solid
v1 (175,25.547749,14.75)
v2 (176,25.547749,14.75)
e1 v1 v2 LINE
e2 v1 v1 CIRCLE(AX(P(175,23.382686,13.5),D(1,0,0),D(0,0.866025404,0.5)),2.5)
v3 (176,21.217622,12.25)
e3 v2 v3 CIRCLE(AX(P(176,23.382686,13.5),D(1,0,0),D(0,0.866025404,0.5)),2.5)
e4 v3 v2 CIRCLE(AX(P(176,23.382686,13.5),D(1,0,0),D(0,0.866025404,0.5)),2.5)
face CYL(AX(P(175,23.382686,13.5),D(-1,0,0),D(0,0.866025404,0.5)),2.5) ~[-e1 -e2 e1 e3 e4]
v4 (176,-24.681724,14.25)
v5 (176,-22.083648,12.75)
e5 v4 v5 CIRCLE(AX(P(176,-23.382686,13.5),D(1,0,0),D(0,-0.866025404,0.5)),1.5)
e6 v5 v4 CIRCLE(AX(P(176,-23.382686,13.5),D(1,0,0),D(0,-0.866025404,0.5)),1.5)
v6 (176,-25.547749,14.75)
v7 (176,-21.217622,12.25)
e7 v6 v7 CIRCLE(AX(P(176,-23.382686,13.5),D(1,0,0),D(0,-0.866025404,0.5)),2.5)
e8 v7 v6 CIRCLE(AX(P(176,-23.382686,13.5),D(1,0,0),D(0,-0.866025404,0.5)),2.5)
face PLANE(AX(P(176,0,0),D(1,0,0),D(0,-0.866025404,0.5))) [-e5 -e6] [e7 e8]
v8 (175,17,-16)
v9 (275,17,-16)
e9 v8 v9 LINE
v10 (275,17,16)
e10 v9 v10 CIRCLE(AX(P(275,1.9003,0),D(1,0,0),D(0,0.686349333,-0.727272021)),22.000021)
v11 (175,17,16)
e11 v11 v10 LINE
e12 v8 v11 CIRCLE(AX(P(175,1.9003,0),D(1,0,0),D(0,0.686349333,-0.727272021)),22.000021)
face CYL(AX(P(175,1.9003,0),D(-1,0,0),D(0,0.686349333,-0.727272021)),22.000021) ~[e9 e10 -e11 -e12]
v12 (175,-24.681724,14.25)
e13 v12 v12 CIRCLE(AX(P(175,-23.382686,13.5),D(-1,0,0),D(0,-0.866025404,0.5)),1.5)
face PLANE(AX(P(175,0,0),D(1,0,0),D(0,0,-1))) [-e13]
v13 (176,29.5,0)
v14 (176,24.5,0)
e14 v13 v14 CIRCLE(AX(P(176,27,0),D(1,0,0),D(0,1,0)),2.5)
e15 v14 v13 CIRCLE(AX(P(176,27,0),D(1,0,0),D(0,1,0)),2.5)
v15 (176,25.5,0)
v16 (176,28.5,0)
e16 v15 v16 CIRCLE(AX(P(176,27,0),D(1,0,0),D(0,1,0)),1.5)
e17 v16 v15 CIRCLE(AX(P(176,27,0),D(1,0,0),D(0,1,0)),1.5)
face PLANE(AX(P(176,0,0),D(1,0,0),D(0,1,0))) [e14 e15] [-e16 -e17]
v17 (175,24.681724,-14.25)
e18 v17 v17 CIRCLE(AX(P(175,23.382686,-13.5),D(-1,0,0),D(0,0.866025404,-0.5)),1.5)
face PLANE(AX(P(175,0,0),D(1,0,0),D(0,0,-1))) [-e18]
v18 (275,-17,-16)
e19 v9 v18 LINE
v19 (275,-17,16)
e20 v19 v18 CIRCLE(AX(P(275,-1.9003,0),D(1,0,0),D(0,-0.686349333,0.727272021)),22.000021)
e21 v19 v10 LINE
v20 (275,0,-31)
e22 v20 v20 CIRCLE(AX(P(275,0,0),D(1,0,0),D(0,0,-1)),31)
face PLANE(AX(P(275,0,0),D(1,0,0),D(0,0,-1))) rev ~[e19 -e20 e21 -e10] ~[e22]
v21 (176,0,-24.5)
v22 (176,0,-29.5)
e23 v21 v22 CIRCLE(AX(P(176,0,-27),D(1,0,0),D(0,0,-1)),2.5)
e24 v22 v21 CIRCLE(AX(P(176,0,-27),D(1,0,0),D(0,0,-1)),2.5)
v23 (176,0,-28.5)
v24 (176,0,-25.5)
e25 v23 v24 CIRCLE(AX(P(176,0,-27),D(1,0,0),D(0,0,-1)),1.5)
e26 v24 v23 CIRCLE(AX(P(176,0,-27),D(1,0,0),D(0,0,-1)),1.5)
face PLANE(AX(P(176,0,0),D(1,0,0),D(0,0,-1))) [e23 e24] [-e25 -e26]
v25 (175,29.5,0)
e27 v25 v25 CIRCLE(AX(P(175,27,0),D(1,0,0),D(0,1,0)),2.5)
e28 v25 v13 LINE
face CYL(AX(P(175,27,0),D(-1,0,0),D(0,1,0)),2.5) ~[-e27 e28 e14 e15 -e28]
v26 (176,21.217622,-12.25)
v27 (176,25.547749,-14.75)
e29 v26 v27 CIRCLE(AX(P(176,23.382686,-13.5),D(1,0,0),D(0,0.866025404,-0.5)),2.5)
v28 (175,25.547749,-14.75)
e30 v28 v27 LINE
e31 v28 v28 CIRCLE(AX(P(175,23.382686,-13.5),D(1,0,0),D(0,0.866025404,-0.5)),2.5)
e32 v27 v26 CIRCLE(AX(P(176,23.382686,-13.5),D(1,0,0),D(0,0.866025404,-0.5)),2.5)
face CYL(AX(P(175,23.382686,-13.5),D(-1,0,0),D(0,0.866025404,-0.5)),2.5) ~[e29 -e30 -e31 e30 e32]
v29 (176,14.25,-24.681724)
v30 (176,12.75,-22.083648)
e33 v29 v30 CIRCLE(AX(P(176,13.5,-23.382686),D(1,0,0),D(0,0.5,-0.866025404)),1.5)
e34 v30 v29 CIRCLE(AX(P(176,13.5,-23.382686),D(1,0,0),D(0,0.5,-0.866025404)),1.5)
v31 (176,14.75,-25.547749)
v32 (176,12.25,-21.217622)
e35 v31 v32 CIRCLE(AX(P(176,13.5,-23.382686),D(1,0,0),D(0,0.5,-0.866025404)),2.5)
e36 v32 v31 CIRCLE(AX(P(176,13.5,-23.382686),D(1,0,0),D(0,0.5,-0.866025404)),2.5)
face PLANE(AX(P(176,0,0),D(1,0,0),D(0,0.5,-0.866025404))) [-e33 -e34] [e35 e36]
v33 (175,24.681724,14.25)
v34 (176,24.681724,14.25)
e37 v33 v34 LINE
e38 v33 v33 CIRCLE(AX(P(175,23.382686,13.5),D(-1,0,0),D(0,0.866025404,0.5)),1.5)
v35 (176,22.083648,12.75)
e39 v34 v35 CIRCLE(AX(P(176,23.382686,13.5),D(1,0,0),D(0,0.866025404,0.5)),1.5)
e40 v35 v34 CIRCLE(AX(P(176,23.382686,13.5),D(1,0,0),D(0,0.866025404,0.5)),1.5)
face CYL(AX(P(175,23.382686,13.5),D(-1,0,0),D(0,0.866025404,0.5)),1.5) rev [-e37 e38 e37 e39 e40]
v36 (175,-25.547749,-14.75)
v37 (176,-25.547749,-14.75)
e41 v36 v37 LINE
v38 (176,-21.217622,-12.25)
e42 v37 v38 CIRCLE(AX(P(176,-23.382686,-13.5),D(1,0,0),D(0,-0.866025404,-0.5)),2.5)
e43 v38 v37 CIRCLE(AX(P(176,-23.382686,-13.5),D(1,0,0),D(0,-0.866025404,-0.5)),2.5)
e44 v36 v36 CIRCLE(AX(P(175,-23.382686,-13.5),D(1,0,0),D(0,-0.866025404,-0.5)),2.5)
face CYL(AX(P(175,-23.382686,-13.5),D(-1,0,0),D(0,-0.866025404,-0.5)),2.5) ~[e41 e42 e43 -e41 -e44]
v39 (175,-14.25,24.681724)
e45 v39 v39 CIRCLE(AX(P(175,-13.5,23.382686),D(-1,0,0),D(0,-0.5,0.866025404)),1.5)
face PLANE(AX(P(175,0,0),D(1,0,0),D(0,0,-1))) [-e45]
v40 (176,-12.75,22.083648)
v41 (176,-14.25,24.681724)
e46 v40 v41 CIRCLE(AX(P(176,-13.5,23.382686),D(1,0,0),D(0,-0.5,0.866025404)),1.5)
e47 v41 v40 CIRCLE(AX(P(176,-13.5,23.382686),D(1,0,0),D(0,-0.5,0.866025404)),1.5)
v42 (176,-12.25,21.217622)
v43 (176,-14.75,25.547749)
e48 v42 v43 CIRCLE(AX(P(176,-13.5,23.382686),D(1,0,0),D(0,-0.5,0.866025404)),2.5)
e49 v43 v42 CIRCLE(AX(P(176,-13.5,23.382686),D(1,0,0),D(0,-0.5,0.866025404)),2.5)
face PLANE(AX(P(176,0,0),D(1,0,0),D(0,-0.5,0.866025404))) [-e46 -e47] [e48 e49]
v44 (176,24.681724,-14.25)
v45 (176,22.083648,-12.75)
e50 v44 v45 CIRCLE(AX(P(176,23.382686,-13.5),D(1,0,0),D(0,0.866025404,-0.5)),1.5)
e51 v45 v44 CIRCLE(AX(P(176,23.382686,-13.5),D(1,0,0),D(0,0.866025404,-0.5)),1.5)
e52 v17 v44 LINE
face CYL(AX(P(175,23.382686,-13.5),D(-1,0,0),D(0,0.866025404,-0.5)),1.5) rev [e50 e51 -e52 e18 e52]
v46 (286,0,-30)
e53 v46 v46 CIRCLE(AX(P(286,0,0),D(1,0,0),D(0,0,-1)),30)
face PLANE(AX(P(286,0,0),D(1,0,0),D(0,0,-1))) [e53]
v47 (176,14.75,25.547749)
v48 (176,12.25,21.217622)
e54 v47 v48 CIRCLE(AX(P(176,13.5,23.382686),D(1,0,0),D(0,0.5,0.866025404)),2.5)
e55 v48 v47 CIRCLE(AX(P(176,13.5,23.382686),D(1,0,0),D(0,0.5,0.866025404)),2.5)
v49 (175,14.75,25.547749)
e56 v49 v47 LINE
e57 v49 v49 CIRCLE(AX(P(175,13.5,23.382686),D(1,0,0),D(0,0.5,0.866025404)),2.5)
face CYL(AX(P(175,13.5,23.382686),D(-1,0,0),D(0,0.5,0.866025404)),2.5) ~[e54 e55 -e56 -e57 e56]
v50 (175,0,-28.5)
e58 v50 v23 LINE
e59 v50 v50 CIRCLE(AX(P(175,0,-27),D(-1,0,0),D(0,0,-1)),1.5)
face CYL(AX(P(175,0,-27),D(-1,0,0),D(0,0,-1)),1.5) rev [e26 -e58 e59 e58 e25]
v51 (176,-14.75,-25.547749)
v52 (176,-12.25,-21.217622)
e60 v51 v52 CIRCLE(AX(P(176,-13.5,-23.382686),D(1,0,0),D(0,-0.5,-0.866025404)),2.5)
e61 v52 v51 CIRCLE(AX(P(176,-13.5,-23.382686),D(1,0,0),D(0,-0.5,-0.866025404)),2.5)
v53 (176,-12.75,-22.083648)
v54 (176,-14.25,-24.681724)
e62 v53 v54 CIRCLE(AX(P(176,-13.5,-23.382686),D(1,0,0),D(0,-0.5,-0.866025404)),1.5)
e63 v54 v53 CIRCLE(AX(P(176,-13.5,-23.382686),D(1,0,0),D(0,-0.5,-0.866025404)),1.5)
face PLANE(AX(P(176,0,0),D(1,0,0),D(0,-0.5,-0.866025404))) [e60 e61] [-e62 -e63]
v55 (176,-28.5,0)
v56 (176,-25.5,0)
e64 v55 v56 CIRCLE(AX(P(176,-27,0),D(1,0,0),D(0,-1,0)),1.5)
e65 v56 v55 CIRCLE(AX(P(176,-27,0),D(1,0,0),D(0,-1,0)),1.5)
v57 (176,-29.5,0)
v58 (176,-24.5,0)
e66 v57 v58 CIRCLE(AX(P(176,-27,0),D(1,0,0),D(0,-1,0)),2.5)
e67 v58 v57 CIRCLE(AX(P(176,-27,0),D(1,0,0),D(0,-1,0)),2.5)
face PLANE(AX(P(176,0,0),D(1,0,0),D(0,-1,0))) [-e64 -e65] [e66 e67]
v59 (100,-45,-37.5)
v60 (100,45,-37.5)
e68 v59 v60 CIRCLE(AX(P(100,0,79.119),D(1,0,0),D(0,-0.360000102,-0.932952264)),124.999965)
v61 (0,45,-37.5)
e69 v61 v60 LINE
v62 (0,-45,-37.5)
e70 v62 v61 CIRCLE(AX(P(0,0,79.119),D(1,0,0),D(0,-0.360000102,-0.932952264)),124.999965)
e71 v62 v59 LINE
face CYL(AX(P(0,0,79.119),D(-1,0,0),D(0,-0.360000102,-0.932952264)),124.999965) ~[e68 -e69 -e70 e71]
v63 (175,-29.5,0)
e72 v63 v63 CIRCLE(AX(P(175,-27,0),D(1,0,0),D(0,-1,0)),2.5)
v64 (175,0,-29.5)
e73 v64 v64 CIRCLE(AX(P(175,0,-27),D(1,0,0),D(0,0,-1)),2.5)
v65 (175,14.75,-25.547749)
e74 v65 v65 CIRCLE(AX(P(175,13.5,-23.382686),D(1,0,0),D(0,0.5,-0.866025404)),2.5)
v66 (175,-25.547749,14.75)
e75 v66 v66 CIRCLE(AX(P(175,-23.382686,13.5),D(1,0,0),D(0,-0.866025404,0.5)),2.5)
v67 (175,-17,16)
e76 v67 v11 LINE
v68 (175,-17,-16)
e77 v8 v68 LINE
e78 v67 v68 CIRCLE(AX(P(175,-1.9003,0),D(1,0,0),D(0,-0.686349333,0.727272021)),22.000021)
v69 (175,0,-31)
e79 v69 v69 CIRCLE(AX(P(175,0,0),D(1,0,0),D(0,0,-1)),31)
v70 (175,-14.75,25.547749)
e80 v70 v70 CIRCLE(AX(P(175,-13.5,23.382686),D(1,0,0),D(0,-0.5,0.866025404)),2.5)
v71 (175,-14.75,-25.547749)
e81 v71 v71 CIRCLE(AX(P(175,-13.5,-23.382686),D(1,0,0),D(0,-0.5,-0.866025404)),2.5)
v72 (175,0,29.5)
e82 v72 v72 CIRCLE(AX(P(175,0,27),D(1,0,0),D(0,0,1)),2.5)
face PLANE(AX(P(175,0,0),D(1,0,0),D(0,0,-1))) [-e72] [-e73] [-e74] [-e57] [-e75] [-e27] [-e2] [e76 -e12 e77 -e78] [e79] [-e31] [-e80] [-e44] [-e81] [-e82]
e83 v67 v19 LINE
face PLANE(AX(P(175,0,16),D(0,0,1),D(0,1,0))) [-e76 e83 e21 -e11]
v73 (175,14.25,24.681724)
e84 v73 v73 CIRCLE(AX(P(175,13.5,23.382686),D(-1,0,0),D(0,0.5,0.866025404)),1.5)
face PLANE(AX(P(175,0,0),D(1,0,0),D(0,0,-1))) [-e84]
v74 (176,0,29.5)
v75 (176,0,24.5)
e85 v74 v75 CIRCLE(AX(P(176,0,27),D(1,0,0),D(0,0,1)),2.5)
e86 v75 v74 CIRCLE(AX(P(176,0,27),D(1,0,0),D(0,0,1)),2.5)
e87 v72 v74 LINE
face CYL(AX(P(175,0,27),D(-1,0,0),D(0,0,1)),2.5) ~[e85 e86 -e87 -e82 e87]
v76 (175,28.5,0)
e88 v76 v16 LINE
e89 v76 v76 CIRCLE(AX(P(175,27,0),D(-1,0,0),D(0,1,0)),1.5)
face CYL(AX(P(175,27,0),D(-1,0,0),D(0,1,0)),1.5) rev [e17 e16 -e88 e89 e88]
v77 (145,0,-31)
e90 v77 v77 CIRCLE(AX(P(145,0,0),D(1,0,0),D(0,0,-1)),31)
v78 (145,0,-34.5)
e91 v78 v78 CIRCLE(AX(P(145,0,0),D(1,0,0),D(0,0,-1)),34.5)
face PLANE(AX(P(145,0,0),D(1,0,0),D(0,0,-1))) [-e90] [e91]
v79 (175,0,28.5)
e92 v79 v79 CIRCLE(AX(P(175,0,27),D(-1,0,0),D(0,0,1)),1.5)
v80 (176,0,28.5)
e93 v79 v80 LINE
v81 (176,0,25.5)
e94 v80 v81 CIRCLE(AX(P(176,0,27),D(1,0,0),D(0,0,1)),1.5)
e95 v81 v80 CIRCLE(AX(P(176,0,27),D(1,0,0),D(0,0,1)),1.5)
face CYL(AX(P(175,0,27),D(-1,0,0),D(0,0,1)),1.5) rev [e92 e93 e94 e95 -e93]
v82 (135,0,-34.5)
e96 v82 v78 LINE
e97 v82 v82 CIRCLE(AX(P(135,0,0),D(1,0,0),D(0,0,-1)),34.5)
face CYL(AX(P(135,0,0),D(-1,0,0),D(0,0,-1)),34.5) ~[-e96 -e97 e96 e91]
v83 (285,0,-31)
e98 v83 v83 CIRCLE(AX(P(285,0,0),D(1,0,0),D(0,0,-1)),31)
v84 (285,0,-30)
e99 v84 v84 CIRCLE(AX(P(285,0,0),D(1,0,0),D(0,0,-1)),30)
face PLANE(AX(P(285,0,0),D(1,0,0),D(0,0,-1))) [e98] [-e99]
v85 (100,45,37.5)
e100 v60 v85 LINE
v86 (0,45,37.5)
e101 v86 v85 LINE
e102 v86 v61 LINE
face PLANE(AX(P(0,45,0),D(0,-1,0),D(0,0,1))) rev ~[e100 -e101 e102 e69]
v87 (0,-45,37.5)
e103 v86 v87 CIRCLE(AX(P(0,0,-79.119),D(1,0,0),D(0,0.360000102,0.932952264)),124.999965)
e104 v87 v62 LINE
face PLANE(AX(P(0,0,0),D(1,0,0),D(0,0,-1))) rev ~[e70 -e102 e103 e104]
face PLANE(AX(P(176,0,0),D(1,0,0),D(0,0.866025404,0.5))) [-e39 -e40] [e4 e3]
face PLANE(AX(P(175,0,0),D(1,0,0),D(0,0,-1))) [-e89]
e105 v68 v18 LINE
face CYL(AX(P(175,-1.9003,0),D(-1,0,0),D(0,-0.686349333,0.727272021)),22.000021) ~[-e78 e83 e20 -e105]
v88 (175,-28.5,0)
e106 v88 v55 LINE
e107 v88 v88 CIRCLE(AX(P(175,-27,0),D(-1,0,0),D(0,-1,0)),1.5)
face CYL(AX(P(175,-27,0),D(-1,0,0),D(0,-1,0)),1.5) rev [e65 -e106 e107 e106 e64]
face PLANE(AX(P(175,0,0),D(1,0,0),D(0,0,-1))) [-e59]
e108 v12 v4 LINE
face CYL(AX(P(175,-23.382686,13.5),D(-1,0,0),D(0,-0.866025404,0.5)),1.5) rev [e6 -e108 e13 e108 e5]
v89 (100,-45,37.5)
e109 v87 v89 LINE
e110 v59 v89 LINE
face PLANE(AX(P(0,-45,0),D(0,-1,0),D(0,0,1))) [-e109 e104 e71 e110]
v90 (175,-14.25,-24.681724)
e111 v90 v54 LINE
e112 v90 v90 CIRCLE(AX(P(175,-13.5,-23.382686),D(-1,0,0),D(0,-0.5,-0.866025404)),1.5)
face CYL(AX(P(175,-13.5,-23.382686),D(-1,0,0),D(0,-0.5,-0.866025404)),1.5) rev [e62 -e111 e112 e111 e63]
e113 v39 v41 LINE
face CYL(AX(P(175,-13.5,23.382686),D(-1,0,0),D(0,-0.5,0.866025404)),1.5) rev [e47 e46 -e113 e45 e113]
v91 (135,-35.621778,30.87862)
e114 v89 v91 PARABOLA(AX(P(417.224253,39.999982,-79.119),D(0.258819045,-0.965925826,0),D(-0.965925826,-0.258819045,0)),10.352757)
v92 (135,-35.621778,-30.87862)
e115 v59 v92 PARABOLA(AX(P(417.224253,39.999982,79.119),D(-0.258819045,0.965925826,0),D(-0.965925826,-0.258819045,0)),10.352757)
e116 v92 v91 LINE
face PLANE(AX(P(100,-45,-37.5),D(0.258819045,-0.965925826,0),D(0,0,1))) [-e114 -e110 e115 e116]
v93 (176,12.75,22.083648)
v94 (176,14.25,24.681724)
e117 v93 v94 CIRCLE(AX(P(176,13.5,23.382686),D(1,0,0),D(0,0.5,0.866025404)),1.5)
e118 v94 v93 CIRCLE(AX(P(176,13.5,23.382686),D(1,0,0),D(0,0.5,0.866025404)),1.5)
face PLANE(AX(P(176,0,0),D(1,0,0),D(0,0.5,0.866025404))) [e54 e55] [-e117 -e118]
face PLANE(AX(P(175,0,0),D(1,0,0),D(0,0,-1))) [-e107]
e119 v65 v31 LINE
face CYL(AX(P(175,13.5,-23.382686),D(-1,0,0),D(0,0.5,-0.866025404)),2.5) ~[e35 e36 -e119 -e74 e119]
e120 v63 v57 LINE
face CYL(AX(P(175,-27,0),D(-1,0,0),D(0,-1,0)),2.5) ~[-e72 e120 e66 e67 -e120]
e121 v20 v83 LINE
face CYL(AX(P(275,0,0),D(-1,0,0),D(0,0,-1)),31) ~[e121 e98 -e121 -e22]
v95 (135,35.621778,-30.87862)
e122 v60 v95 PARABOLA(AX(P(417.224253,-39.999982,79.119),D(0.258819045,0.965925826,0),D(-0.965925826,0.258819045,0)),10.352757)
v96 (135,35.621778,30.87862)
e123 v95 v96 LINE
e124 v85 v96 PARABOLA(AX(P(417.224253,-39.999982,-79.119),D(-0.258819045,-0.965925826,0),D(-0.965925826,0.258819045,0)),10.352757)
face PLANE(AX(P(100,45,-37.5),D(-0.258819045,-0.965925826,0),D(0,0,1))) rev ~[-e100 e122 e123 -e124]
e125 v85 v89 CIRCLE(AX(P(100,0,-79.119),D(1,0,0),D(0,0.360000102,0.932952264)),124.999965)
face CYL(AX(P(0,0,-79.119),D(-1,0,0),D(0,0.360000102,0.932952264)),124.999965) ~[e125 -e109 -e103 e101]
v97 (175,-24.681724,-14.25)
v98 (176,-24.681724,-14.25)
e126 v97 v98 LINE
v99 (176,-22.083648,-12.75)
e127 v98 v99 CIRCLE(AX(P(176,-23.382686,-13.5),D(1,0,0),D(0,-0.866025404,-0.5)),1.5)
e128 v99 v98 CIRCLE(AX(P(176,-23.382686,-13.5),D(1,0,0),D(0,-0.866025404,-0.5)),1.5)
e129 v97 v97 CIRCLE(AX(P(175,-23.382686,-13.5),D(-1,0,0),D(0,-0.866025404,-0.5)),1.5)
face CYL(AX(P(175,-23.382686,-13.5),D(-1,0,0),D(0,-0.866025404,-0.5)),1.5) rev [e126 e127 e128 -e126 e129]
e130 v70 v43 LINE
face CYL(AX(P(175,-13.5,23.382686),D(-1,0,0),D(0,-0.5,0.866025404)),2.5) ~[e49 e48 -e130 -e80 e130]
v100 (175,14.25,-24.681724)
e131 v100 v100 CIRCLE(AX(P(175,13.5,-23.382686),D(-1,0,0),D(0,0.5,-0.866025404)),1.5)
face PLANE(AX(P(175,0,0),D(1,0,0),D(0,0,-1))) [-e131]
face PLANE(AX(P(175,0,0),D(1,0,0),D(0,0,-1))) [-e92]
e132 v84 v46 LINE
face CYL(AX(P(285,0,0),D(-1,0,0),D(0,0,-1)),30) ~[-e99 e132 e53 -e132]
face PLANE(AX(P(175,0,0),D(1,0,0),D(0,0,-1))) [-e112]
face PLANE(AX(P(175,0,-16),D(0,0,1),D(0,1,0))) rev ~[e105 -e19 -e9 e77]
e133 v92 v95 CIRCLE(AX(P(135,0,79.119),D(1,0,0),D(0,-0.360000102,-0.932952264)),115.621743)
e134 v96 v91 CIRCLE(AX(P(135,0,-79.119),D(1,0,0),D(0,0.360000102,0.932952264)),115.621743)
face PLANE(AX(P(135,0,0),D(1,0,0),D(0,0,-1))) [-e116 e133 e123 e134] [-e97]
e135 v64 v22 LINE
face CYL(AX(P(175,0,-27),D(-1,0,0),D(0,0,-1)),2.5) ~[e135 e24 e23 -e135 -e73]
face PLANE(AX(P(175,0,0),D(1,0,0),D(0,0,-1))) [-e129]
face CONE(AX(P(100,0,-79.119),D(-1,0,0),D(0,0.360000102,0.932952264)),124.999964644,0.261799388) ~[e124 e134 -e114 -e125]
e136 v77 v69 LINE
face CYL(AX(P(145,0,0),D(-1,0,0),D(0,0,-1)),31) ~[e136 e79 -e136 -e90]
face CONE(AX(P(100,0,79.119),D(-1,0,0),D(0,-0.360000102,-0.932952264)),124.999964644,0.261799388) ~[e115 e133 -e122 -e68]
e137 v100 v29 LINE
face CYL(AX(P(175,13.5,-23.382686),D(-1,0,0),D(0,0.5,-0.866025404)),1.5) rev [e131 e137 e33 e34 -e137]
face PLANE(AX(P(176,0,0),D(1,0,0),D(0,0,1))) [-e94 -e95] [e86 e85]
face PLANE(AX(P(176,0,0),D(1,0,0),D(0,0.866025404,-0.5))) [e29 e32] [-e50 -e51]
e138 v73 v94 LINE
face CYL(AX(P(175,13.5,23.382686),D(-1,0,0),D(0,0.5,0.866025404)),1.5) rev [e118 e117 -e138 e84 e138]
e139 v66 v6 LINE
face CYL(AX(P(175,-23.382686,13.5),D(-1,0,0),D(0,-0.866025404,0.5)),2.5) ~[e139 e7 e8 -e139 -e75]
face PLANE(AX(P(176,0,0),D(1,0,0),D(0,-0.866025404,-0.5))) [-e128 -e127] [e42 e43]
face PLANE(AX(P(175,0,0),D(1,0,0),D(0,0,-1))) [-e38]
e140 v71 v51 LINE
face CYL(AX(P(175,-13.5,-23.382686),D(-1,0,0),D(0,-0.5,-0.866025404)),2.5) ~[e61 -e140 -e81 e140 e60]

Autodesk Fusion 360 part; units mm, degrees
sketch "Sketch1" plane through (0, 0, 0) normal (1, 0, 0) x (0, 0, -1)
  line L0 (0, 0) -> (0, 45)
  line L1 (0, 0) -> (0, -45)
  line L2 (0, 45) -> (37.5, 45)
  line L3 (0, 45) -> (-37.5, 45)
  line L4 (0, -45) -> (37.5, -45)
  line L5 (0, -45) -> (-37.5, -45)
  arc A0 (-37.5, 45) -> (-37.5, -45) centre (79.119, 0) ccw
  arc A1 (37.5, -45) -> (37.5, 45) centre (-79.119, 0) ccw
  dimension "d1" = 45
  dimension "d2" = 45
  dimension "d3" = 37.5
  dimension "d4" = 37.5
  dimension "d5" = 37.5
  dimension "d6" = 37.5
  dimension "d8" = 125
extrude "Extrude1" add sketch "Sketch1" along normal blind 100
extrude "Extrude2" add 1 faces at (100, -15.2642, -14.2806) along direction (1, 0, 0) blind 35 draft -15
sketch "Sketch2" plane through (135, 0, 0) normal (1, 0, 0) x (0, 0, -1)
  line L0 (-30.8786, -35.6218) -> (30.8786, -35.6218)
  arc A0 (30.8786, -35.6218) -> (30.8786, 35.6218) centre (-79.119, 0) ccw
  line L1 (30.8786, 35.6218) -> (-30.8786, 35.6218)
  arc A1 (-30.8786, 35.6218) -> (-30.8786, -35.6218) centre (79.119, 0) ccw
  circle A2 centre (0, 0) radius 34.5
  dimension "d13" = 69
extrude "Extrude3" add sketch "Sketch2" along normal blind 10 contours A2
sketch "Sketch3" plane through (145, 0, 0) normal (1, 0, 0) x (0, 0, -1)
  circle A0 centre (0, 0) radius 34.5
  circle A1 centre (0, 0) radius 31
  dimension "d16" = 62
extrude "Extrude4" add sketch "Sketch3" along normal blind 30 contours A1
sketch "Sketch4" plane through (175, 0, 0) normal (1, 0, 0) x (0, 0, -1)
  circle A0 centre (0, 0) radius 31
  line L0 (0, 0) -> (27, 0)
  circle A1 centre (27, 0) radius 2.5
  circle A2 centre (27, 0) radius 1.5
  dimension "d19" = 27
  dimension "d20" = 5
  dimension "d21" = -1
extrude "Extrude5" add sketch "Sketch4" along normal blind 1 contours A1
pattern_circular "C-Pattern1" count 12 over 360 about axis through (175, 0, 0) along (1, 0, 0) of "Extrude5"
sketch "Sketch5" plane through (175, 0, 0) normal (1, 0, 0) x (0, 0, -1)
  circle A0 centre (27, 0) radius 2.5
  circle A1 centre (0, 0) radius 31
  circle A2 centre (23.3827, 13.5) radius 2.5
  circle A3 centre (13.5, 23.3827) radius 2.5
  circle A4 centre (0, 27) radius 2.5
  circle A5 centre (-13.5, 23.3827) radius 2.5
  circle A6 centre (-23.3827, 13.5) radius 2.5
  circle A7 centre (-27, 0) radius 2.5
  circle A8 centre (-23.3827, -13.5) radius 2.5
  circle A9 centre (-13.5, -23.3827) radius 2.5
  circle A10 centre (0, -27) radius 2.5
  circle A11 centre (13.5, -23.3827) radius 2.5
  circle A12 centre (23.3827, -13.5) radius 2.5
  line L0 (0, 0) -> (16, 0)
  line L1 (16, 0) -> (16, 17)
  line L2 (16, 0) -> (16, -17)
  line L3 (0, 0) -> (0, -8.0593)
  line L4 (-16, 0) -> (-16, 17)
  line L5 (-16, 0) -> (-16, -17)
  arc A13 (16, 17) -> (-16, 17) centre (0, 1.9003) ccw
  arc A14 (-16, -17) -> (16, -17) centre (0, -1.9003) ccw
  dimension "d26" = 16
  dimension "d27" = 17
  dimension "d28" = 17
  dimension "d29" = 22
extrude "Extrude6" add sketch "Sketch5" along normal blind 100 contours L1 L2 L4 L5 A13 A14
sketch "Sketch6" plane through (275, 0, 0) normal (1, 0, 0) x (0, 0, -1)
  line L0 (-16, 17) -> (-16, -17)
  arc A0 (-16, -17) -> (16, -17) centre (0, -1.9003) ccw
  line L1 (16, -17) -> (16, 17)
  arc A1 (16, 17) -> (-16, 17) centre (0, 1.9003) ccw
  circle A2 centre (0, 0) radius 31
  circle A3 centre (0, 0) radius 30
  dimension "d32" = 62
  dimension "d35" = -1
extrude "Extrude7" add sketch "Sketch6" along normal blind 10 contours L0 A0 L1 A1 | A2 | A3
sketch "Sketch7" plane through (285, 0, 0) normal (1, 0, 0) x (0, 0, -1)
  circle A0 centre (0, 0) radius 31
  circle A1 centre (0, 0) radius 30
  dimension "d36" = -1
extrude "Extrude8" add sketch "Sketch7" along normal blind 1 contours A1
